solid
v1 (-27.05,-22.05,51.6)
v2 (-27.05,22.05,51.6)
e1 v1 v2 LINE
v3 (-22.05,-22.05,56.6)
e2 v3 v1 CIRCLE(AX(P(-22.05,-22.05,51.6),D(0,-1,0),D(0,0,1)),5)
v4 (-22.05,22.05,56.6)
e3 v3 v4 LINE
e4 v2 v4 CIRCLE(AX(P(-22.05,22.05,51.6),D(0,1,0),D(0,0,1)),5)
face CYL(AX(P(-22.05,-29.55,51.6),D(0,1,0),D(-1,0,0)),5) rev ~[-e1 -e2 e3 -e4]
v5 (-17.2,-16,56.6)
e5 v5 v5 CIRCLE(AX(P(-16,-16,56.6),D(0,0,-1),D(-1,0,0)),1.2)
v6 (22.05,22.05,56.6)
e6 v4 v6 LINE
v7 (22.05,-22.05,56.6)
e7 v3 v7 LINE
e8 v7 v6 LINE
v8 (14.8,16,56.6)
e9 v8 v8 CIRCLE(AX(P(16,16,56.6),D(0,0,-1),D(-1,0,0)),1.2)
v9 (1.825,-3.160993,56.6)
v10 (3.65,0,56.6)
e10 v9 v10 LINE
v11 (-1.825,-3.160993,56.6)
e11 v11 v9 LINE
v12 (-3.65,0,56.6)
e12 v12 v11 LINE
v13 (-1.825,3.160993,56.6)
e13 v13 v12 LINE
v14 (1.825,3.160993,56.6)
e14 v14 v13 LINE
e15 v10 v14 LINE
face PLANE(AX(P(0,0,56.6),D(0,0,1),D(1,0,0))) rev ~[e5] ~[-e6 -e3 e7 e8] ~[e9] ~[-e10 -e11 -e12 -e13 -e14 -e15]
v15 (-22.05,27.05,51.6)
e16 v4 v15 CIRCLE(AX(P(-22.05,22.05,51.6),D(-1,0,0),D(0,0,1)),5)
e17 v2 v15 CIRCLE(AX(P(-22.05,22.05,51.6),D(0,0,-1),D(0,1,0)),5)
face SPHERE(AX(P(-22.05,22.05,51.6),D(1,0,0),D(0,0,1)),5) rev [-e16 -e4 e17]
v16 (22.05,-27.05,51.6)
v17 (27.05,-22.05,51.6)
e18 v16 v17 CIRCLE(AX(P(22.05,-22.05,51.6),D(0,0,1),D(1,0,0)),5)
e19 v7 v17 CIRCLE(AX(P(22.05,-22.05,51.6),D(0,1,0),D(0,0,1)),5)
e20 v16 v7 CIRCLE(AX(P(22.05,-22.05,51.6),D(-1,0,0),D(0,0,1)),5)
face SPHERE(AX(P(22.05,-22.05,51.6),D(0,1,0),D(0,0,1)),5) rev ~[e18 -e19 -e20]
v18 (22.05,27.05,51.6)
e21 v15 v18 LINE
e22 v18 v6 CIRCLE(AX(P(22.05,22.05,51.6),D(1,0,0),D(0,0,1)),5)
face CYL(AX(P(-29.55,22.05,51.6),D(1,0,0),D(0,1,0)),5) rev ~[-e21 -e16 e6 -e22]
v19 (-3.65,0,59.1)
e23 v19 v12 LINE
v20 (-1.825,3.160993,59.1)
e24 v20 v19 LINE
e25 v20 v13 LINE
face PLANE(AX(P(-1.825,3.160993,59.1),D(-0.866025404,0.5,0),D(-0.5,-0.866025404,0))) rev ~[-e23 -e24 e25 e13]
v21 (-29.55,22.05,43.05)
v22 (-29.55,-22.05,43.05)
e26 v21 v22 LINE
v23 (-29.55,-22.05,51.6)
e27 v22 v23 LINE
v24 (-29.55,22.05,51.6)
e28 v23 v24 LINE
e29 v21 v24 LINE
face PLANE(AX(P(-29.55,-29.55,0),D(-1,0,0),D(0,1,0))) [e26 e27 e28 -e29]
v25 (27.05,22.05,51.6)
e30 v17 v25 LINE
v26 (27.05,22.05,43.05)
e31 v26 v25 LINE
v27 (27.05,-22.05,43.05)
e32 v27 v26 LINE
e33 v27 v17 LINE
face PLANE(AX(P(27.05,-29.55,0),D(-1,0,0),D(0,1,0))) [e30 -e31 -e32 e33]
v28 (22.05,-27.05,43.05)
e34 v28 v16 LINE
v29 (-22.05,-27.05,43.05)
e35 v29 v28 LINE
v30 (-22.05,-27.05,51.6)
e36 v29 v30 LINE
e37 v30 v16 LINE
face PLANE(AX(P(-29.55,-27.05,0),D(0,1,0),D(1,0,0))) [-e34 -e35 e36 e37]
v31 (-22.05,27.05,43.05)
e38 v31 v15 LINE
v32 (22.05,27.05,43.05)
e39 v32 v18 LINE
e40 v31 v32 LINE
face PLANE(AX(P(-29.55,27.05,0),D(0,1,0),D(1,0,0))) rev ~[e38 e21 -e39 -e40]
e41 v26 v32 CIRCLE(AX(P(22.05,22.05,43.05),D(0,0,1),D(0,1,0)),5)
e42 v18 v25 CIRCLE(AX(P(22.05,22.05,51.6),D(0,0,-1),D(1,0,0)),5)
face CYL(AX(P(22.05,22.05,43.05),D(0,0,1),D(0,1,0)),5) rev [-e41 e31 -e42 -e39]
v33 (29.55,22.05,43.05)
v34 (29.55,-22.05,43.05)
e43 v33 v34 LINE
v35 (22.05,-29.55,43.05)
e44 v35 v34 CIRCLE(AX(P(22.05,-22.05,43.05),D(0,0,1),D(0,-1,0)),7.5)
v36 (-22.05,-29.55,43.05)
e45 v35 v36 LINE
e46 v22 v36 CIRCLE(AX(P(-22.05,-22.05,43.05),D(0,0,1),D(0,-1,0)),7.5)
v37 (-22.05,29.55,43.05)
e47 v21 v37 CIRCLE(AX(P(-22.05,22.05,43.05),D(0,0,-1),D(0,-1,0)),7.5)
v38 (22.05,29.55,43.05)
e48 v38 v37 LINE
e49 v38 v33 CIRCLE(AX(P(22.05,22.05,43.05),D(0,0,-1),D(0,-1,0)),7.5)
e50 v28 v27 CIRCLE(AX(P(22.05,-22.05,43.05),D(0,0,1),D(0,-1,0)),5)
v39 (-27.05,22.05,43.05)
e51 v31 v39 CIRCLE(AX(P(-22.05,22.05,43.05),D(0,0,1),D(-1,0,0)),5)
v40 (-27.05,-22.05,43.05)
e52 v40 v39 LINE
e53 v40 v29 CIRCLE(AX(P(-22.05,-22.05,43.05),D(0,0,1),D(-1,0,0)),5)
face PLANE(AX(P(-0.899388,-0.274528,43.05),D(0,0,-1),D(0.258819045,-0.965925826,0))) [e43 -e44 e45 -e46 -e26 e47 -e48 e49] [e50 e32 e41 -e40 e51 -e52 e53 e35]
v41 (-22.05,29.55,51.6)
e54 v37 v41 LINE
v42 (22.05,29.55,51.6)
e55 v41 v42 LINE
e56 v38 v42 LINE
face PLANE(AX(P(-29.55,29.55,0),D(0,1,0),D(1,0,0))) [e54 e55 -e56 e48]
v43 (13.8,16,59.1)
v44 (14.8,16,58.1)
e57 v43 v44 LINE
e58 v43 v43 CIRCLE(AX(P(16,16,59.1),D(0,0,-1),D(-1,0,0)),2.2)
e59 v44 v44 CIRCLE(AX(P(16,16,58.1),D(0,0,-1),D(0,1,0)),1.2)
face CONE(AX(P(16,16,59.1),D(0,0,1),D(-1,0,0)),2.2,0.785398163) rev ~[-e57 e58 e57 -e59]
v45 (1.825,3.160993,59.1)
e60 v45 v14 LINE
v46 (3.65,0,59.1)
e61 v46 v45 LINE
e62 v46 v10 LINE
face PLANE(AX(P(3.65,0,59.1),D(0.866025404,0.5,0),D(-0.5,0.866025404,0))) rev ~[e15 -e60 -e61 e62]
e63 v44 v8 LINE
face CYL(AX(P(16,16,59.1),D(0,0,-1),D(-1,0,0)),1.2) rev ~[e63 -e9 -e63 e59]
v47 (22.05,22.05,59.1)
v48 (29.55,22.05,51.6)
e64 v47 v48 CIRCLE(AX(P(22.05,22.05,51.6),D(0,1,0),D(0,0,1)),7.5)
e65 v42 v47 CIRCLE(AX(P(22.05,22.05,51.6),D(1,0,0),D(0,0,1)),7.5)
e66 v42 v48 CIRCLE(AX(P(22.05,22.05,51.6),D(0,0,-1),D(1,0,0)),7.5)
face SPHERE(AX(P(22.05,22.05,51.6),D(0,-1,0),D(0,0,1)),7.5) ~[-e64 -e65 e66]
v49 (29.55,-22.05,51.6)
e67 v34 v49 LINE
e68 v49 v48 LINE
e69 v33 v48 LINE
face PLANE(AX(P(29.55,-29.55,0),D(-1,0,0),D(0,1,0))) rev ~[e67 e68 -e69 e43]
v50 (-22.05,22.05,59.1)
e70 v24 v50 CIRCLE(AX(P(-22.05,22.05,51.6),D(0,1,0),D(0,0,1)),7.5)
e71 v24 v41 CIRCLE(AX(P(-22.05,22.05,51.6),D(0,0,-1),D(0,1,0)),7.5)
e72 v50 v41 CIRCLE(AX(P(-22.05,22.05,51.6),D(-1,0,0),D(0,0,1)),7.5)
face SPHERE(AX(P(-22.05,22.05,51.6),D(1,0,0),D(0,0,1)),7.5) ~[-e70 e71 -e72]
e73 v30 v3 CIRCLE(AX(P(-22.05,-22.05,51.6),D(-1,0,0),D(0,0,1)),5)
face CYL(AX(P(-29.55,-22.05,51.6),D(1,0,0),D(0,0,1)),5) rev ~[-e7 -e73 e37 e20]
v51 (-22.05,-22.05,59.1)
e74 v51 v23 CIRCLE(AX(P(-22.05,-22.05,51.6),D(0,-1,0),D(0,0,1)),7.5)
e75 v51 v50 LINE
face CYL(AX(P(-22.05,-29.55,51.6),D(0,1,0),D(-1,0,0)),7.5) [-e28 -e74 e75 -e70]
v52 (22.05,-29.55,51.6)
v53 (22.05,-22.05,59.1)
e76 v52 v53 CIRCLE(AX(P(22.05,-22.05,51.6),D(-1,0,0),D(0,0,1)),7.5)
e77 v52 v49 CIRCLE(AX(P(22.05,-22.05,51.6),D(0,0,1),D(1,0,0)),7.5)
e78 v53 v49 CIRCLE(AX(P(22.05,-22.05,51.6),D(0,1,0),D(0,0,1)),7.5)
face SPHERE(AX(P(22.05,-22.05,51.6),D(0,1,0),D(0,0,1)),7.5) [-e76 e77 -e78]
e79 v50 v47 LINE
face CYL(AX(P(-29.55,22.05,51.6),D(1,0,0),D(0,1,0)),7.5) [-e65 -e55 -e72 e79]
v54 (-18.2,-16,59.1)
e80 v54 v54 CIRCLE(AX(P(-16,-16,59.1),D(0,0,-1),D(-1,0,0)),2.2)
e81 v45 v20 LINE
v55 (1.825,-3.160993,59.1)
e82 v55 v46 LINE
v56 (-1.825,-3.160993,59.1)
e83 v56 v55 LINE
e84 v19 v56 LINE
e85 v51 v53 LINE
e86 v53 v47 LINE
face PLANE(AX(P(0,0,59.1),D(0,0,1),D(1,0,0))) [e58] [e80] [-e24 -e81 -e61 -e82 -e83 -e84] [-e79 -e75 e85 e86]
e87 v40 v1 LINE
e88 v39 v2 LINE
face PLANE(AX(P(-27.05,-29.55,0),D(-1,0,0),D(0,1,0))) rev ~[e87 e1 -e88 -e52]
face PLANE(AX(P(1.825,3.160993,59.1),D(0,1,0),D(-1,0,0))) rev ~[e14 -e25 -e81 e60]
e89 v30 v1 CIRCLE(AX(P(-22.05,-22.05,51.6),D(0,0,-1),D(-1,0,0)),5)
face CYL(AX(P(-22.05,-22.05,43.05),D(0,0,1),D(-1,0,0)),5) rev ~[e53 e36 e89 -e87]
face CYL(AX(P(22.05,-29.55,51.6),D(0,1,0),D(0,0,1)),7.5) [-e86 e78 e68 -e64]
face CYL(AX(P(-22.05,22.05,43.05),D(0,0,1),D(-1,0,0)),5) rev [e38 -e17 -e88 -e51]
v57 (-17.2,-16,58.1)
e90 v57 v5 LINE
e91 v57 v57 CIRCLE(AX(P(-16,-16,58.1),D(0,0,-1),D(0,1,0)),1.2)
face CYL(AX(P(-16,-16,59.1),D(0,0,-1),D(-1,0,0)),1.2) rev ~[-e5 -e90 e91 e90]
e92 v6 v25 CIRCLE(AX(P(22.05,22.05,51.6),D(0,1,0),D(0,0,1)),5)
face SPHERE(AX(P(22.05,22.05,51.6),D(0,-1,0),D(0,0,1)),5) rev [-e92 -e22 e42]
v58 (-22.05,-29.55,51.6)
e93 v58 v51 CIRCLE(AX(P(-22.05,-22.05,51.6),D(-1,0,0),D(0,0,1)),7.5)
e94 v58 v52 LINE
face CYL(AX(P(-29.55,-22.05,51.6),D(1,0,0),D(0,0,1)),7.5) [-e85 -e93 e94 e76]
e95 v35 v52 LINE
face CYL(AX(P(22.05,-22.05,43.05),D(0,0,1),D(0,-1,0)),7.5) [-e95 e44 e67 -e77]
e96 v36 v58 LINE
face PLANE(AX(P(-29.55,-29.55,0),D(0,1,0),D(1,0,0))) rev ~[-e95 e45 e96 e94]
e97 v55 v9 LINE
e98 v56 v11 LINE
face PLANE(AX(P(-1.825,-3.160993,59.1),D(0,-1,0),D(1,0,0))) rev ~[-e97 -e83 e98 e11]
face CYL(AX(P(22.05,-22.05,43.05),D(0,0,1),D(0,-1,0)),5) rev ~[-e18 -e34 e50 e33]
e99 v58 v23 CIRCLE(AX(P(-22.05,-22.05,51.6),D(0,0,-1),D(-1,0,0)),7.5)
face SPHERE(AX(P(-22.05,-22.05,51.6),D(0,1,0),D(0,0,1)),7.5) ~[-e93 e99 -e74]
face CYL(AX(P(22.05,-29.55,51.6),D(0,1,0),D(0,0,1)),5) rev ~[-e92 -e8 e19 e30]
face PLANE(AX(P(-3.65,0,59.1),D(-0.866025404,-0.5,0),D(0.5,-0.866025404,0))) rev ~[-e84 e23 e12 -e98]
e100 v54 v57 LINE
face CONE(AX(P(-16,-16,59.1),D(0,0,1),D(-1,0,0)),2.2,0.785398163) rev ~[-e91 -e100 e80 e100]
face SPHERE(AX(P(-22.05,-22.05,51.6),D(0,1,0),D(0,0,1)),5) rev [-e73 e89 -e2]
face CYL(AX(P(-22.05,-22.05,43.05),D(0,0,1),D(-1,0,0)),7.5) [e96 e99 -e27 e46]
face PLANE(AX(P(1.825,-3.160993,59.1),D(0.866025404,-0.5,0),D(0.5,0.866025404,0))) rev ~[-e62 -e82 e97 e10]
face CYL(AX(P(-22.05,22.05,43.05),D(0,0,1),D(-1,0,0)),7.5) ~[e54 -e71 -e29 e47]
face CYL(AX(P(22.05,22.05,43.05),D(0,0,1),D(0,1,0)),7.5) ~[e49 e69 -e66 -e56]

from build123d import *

# Parameters (mm, degrees)
SKETCH1_W                                            = 59.1
SKETCH1_H                                            = 59.1
BOSS_EXTRUDE1_DEPTH                                  = 59.1
CUT_EXTRUDE1_DEPTH                                   = 94.96477218
CUT_EXTRUDE1_DEPTH_BACK                              = 3.5
SKETCH2_W                                            = 96.91536242
SKETCH2_H                                            = 99.114771323
FILLET1_R                                            = 7.5
SHELL1_T                                             = -2.5
CSK_SLOT_FOR_M2_COUNTERSUNK_FLAT_HEAD_SC_D           = 2.4
CSK_SLOT_FOR_M2_COUNTERSUNK_FLAT_HEAD_SC_CSINK_D     = 4.4
CSK_SLOT_FOR_M2_COUNTERSUNK_FLAT_HEAD_SC_CSINK_ANGLE = 90
CUT_EXTRUDE2_DEPTH                                   = 45.76614234


with BuildPart() as part:
    # Sketch1 → Boss-Extrude1 (new body)
    with BuildSketch(Plane.XY):
        Rectangle(SKETCH1_W, SKETCH1_H)
    extrude(amount=BOSS_EXTRUDE1_DEPTH)

    # Sketch2 → Cut-Extrude1 (cut, two sides: drawn at the far end of the back side and taken through both)
    with BuildSketch(Plane(origin=(30.720954492, 30.720954492, 39.55), x_dir=(0.2588190451025209, -0.9659258262890682, 0), z_dir=(0, 0, -1)).offset(-CUT_EXTRUDE1_DEPTH_BACK)):
        with Locations((21.755390695, 38.565126259)):
            Rectangle(SKETCH2_W, SKETCH2_H)
    extrude(amount=CUT_EXTRUDE1_DEPTH + CUT_EXTRUDE1_DEPTH_BACK, mode=Mode.SUBTRACT)

    # Fillet1
    fillet1_edges = [part.edges().sort_by_distance(p)[0] for p in [
        (29.55, 0, 59.1),
        (0, 29.55, 59.1),
        (-29.55, 0, 59.1),
        (0, -29.55, 59.1),
        (-29.55, 29.55, 51.075),
        (29.55, 29.55, 51.075),
        (29.55, -29.55, 51.075),
        (-29.55, -29.55, 51.075),
    ]]
    fillet(fillet1_edges, radius=FILLET1_R)

    # Shell1
    shell1_openings = [part.faces().sort_by_distance(p)[0] for p in [
        (0, 0, 43.05),
    ]]
    offset(amount=SHELL1_T, openings=shell1_openings, kind=Kind.INTERSECTION)

    # CSK SLOT for M2 Countersunk Flat Head Screw1 (through all)
    with Locations(Plane.XY.offset(59.1)):
        with Locations((16, 16), (19.892963711, -96.835353), (-16, -16)):
            CounterSinkHole(CSK_SLOT_FOR_M2_COUNTERSUNK_FLAT_HEAD_SC_D / 2, CSK_SLOT_FOR_M2_COUNTERSUNK_FLAT_HEAD_SC_CSINK_D / 2, counter_sink_angle=CSK_SLOT_FOR_M2_COUNTERSUNK_FLAT_HEAD_SC_CSINK_ANGLE)

    # Sketch20 → Cut-Extrude2 (cut, through all)
    with BuildSketch(Plane.XY.offset(59.1)):
        Polygon((-1.825, -3.160992724), (1.825, -3.160992724), (3.65, 0), (1.825, 3.160992724), (-1.825, 3.160992724), (-3.65, 0), align=None)
    extrude(amount=-CUT_EXTRUDE2_DEPTH, mode=Mode.SUBTRACT)


solid = part.part
